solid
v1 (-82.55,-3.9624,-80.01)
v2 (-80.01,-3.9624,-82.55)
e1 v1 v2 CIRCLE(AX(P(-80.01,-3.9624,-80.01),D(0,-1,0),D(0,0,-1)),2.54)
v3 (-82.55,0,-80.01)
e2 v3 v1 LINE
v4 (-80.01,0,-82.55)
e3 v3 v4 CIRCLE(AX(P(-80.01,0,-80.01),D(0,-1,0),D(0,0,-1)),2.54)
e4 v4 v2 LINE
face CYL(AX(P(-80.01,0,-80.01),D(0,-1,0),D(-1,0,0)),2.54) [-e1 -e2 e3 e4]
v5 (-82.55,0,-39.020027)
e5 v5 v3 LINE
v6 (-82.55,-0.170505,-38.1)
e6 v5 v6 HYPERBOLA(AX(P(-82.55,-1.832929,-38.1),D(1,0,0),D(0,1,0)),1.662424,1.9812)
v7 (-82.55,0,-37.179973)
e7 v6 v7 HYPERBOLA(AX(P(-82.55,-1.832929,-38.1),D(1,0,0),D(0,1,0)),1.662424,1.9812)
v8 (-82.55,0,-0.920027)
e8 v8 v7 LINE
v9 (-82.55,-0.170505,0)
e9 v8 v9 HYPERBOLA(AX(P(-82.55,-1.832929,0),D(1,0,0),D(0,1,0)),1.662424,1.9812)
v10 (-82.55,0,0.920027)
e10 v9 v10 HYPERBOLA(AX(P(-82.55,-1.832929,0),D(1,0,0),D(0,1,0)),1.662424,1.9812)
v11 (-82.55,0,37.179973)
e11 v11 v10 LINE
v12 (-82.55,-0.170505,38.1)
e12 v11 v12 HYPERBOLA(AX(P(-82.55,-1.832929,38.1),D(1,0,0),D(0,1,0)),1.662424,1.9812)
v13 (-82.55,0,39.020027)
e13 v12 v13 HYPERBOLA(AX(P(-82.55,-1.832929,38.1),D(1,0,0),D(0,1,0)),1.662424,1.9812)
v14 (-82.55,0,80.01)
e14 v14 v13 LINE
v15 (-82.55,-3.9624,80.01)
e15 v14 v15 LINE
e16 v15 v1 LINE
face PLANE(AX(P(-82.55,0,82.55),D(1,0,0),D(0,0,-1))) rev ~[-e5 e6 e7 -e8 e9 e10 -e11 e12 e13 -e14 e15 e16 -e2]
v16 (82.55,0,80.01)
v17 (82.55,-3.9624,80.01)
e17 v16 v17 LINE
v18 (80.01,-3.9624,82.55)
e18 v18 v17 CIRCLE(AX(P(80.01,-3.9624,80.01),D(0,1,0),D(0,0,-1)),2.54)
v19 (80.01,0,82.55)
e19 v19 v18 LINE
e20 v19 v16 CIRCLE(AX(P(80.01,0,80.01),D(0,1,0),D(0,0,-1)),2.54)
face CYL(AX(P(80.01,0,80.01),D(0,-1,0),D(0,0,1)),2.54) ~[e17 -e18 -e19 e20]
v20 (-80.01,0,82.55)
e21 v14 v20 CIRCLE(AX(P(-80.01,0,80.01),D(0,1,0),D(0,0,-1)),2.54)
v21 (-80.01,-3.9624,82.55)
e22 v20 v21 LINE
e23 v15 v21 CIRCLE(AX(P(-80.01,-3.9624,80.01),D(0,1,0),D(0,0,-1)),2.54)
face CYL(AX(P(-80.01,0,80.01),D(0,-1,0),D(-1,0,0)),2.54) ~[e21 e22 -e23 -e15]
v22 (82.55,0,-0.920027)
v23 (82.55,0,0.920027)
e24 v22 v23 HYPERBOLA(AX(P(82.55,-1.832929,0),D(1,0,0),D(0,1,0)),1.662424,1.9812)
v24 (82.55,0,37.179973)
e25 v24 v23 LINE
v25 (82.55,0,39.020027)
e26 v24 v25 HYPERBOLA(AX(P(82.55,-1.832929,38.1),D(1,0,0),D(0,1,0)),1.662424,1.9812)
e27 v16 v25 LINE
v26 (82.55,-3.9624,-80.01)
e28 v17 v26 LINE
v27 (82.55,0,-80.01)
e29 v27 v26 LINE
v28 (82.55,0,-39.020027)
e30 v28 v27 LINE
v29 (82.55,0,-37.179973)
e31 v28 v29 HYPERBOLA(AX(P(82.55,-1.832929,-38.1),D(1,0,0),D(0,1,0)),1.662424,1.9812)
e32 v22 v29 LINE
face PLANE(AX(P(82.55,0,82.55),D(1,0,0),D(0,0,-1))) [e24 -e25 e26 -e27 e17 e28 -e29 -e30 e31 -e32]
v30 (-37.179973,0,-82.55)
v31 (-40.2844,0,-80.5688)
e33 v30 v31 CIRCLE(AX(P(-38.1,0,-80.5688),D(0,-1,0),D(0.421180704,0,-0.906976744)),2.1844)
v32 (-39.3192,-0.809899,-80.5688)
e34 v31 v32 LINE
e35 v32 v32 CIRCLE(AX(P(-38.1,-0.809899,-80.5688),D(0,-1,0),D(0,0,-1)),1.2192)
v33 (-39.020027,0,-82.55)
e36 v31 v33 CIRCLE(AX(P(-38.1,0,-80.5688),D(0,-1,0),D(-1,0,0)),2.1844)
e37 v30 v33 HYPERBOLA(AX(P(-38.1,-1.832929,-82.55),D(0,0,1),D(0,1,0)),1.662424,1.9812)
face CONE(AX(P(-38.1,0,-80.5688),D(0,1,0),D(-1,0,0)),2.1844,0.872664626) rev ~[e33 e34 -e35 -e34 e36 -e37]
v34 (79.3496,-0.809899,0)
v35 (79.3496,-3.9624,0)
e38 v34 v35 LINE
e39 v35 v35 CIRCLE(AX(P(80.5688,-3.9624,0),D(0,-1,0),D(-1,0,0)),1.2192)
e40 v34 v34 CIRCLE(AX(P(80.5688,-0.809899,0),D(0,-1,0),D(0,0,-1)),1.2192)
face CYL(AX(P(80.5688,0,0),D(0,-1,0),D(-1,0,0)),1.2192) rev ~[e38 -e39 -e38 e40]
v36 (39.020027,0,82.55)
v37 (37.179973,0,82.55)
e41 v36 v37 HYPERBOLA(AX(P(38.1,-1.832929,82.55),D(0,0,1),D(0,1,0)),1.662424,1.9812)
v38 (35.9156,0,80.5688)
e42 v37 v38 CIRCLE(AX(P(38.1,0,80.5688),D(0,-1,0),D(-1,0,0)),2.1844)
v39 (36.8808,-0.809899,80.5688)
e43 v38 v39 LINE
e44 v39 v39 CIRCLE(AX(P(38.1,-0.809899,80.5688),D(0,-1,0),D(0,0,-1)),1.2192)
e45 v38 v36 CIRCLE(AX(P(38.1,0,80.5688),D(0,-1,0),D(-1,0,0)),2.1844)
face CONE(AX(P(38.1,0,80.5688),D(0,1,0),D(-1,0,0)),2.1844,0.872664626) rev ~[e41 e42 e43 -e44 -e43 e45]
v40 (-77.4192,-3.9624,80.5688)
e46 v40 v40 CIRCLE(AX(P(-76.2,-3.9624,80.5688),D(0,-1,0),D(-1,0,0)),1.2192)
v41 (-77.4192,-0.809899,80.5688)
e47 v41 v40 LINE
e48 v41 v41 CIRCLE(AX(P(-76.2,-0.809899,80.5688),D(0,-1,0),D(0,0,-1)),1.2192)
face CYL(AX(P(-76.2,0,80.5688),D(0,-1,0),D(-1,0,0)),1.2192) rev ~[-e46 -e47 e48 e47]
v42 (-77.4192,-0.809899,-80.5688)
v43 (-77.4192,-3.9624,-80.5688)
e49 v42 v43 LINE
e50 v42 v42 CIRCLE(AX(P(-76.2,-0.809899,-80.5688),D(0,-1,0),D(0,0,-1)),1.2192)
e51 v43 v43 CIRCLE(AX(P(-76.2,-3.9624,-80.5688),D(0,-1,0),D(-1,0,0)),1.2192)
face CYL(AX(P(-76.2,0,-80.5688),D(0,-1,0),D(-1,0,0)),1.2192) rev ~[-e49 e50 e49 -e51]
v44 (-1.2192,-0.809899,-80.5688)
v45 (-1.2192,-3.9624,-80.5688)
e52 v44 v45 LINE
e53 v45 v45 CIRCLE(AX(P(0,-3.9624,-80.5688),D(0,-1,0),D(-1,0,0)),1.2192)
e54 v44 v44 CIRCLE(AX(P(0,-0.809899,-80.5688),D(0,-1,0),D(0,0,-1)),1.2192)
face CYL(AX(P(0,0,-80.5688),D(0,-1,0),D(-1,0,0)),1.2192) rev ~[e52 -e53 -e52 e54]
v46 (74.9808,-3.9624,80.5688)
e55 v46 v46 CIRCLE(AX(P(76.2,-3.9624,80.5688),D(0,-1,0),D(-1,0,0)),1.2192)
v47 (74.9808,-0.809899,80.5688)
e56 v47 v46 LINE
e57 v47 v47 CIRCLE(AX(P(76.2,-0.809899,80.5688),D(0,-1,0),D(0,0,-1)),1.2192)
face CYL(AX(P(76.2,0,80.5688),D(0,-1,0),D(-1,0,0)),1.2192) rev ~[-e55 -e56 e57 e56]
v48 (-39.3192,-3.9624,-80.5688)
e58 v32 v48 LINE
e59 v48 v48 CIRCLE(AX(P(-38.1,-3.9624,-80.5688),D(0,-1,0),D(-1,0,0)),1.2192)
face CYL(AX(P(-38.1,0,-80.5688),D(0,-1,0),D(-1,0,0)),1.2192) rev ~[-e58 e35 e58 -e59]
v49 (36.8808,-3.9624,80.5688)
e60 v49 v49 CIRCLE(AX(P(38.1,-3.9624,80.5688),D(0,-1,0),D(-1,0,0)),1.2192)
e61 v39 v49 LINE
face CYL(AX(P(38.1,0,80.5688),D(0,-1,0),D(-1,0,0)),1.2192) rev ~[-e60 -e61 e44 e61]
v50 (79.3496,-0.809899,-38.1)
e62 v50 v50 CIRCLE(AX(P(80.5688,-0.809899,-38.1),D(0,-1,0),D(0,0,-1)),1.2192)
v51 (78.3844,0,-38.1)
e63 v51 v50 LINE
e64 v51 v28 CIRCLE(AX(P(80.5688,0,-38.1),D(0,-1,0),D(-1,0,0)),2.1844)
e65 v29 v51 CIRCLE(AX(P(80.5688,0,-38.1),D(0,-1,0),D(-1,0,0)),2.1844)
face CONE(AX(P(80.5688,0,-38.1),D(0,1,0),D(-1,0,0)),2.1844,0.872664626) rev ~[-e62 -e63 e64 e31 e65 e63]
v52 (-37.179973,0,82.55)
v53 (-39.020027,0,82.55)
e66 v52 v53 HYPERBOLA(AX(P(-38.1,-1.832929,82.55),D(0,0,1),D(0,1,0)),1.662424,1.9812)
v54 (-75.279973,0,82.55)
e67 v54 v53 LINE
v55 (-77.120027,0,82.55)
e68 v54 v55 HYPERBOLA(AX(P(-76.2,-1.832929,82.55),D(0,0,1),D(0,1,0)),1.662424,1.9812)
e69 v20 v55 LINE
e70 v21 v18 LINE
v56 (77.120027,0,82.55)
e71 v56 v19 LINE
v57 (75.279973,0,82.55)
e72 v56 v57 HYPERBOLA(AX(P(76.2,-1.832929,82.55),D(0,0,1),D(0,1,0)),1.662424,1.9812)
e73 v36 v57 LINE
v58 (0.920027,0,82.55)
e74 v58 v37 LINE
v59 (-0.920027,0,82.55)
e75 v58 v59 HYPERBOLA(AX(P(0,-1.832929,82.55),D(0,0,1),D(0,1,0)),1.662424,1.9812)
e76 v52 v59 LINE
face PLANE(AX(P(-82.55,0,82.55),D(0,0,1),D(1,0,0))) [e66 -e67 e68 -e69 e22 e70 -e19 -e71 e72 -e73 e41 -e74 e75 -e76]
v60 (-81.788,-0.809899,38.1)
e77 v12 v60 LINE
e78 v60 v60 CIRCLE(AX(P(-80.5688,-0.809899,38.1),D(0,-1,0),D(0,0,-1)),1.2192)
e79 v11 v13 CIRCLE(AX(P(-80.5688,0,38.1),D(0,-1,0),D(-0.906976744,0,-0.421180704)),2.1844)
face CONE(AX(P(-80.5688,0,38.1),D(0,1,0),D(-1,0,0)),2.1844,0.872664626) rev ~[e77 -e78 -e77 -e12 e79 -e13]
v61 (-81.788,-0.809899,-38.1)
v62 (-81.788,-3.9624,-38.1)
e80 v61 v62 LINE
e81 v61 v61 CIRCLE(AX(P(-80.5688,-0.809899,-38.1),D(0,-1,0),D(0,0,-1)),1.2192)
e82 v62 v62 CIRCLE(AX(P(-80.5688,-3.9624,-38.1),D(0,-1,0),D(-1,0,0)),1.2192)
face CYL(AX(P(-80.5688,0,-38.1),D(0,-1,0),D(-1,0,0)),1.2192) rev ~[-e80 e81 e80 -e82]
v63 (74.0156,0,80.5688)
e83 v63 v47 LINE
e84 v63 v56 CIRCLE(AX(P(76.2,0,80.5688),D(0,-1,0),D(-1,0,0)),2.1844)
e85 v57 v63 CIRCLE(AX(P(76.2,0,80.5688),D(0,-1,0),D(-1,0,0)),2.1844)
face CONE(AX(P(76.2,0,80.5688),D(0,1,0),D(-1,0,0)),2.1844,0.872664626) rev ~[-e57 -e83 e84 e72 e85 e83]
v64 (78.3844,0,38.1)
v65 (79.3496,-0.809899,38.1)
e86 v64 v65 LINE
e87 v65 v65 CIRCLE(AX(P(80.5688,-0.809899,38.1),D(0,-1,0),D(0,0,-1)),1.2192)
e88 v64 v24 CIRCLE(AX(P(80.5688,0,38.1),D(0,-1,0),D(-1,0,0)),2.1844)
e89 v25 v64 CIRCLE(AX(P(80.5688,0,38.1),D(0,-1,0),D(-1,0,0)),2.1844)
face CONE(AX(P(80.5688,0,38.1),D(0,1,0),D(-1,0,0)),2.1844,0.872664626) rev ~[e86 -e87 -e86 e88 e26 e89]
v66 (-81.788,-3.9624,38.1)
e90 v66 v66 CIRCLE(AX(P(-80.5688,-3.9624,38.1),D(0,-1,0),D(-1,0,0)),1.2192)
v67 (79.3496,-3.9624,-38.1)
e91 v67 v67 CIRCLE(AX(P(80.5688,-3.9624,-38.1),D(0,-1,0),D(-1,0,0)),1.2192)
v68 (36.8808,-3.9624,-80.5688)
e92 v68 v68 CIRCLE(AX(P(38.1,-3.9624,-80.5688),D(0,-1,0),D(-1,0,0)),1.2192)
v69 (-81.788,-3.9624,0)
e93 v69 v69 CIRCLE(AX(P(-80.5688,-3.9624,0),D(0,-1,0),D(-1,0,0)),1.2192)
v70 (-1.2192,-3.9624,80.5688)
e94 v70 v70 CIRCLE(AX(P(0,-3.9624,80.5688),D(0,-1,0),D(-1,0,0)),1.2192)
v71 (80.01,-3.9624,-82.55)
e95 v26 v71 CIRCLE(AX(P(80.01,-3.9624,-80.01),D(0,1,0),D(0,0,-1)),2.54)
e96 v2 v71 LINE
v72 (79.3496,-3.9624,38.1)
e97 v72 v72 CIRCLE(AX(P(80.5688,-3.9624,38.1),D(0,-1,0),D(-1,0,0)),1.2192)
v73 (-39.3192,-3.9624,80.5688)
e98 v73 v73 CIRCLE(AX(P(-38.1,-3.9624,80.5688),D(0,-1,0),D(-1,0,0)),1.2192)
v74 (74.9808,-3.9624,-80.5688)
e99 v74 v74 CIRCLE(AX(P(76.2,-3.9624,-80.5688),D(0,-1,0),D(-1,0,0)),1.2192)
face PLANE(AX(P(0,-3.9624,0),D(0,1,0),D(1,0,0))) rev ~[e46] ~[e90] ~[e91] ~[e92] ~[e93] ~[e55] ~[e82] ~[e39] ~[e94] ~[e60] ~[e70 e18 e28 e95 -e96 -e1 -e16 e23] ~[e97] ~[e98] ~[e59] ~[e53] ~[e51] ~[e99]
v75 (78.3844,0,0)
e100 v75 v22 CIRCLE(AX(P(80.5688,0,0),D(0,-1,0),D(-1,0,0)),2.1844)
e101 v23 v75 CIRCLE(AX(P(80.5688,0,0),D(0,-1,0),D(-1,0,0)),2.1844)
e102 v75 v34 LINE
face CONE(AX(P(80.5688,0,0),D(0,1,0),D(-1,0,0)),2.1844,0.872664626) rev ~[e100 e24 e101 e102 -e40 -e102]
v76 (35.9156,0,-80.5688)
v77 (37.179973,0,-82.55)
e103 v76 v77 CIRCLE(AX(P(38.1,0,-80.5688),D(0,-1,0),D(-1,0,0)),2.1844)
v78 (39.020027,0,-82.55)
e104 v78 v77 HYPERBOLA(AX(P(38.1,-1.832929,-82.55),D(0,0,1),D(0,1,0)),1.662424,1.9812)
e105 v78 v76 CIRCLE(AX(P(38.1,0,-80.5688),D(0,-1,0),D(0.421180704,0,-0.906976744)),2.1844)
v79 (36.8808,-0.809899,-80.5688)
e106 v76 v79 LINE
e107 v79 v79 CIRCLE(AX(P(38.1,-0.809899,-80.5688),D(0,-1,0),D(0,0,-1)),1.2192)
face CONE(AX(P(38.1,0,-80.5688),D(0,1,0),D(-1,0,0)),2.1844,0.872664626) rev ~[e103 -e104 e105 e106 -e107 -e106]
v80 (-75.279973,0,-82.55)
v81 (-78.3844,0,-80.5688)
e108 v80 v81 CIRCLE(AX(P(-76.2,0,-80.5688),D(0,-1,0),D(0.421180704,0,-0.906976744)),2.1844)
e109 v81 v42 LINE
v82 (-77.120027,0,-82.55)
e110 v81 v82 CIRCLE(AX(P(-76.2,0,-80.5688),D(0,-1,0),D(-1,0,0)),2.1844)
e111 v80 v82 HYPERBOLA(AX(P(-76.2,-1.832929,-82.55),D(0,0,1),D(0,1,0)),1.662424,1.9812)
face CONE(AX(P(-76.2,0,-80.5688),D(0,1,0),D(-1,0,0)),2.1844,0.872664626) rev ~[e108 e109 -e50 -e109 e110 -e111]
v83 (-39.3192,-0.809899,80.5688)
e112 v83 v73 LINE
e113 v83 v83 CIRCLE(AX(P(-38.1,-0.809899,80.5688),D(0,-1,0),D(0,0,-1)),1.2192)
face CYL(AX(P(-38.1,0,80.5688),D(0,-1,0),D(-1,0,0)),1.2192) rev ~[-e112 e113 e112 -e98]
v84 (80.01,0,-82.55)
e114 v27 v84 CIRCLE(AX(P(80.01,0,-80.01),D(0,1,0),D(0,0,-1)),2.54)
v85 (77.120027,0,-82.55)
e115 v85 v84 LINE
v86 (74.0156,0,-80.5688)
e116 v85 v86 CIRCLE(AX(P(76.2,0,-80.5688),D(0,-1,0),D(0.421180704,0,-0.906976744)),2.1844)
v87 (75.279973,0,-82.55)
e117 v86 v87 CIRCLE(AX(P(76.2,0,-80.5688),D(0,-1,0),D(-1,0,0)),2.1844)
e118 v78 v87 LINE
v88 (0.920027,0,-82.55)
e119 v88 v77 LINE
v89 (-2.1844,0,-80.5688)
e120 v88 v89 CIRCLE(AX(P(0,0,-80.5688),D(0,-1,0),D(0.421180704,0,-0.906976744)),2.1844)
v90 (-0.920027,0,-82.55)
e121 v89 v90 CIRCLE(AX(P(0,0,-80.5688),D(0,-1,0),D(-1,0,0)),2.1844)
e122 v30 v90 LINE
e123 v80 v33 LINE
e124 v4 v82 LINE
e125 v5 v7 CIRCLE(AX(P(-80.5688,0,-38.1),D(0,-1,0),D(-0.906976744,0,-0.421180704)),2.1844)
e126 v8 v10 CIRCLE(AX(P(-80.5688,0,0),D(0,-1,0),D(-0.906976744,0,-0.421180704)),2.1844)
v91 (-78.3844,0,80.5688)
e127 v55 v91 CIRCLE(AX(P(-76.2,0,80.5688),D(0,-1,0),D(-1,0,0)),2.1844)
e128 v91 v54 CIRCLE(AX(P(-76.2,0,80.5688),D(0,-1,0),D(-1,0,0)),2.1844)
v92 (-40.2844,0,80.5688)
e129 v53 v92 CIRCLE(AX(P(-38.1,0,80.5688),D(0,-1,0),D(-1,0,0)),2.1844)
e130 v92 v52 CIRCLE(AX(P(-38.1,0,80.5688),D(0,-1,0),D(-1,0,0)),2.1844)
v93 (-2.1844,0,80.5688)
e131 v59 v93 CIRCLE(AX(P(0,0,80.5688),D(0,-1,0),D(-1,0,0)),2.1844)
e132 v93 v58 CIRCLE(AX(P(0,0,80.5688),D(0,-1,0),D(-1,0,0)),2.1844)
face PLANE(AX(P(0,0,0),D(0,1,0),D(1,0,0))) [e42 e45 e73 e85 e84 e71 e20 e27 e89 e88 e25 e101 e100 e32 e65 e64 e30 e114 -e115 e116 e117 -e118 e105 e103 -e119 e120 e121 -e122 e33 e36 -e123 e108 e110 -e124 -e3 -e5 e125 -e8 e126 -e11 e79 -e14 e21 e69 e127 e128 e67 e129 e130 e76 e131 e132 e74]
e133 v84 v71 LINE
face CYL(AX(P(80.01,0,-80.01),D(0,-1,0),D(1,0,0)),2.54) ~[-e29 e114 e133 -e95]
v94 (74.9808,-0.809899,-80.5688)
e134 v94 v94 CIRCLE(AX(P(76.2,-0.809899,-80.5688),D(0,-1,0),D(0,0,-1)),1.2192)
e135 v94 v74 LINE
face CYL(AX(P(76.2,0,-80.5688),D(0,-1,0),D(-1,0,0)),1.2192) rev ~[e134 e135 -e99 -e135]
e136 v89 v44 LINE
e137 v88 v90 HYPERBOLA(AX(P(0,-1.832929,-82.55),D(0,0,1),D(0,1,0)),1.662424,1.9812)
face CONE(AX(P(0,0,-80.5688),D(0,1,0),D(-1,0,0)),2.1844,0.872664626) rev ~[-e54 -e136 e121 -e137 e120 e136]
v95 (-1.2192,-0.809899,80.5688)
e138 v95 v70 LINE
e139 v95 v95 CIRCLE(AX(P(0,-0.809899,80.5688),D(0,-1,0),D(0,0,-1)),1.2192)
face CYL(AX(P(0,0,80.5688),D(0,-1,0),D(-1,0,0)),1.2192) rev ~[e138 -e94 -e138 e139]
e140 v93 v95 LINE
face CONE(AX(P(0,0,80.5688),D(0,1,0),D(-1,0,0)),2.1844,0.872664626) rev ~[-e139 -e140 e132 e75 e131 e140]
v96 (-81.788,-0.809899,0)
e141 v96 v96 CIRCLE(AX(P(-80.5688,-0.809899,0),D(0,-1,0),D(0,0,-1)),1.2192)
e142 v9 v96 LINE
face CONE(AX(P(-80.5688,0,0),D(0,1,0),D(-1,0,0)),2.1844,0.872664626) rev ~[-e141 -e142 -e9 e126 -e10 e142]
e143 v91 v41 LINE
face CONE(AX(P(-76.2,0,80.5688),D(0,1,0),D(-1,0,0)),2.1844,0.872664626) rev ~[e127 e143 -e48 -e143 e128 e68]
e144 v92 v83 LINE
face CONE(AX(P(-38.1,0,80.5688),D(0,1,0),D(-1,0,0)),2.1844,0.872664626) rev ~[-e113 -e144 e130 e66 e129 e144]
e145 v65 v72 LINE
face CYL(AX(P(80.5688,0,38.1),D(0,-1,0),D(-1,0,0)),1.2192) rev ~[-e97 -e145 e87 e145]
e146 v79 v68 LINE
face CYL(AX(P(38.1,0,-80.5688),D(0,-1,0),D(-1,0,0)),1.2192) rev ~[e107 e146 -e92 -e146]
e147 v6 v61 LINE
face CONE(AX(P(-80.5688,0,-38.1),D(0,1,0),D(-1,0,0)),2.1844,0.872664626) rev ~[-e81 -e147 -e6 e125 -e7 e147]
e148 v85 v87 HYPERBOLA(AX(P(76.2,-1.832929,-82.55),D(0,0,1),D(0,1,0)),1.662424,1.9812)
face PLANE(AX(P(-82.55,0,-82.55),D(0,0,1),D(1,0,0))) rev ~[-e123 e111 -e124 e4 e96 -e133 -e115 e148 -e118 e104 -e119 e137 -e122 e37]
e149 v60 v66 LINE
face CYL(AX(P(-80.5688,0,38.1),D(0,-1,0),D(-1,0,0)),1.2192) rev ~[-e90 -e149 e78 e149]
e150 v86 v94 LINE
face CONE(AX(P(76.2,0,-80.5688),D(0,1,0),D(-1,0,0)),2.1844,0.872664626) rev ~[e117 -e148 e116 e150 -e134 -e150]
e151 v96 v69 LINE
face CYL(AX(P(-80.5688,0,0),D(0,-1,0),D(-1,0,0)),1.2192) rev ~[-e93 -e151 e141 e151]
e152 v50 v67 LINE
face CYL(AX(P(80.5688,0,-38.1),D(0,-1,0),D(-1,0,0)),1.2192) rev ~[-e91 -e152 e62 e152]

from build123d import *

# Parameters (mm, degrees)
SKETCH1_W                                         = 165.1
SKETCH1_H                                         = 165.1
BOSS_EXTRUDE1_DEPTH                               = 3.9624
CSK_FOR_2_FLAT_HEAD_MACHINE_SCREW_100_D           = 2.4384
CSK_FOR_2_FLAT_HEAD_MACHINE_SCREW_100_CSINK_D     = 4.3688
CSK_FOR_2_FLAT_HEAD_MACHINE_SCREW_100_CSINK_ANGLE = 100
FILLET2_R                                         = 2.54


with BuildPart() as part:
    # Sketch1 → Boss-Extrude1 (new body)
    with BuildSketch(Plane(origin=(0, 0, 0), x_dir=(1, 0, 0), z_dir=(0, 1, 0))):
        Rectangle(SKETCH1_W, SKETCH1_H)
    extrude(amount=-BOSS_EXTRUDE1_DEPTH)

    # CSK for #2 Flat Head Machine Screw (100)1 (through all)
    with Locations(Plane(origin=(0, 0, 0), x_dir=(1, 0, 0), z_dir=(0, 1, 0))):
        with Locations((-76.2, 80.5688), (-80.5688, 38.1), (-80.5688, 0), (-80.5688, -38.1), (-76.2, -80.5688), (-38.1, -80.5688), (0, -80.5688), (38.1, -80.5688), (80.5688, -38.1), (80.5688, 0), (80.5688, 38.1), (76.2, 80.5688), (38.1, 80.5688), (0, 80.5688), (-38.1, 80.5688), (76.2, -80.5688)):
            CounterSinkHole(CSK_FOR_2_FLAT_HEAD_MACHINE_SCREW_100_D / 2, CSK_FOR_2_FLAT_HEAD_MACHINE_SCREW_100_CSINK_D / 2, counter_sink_angle=CSK_FOR_2_FLAT_HEAD_MACHINE_SCREW_100_CSINK_ANGLE)

    # Fillet2
    fillet2_edges = [part.edges().sort_by_distance(p)[0] for p in [
        (82.55, -1.9812, 82.55),
        (-82.55, -1.9812, 82.55),
        (-82.55, -1.9812, -82.55),
        (82.55, -1.9812, -82.55),
    ]]
    fillet(fillet2_edges, radius=FILLET2_R)


solid = part.part
